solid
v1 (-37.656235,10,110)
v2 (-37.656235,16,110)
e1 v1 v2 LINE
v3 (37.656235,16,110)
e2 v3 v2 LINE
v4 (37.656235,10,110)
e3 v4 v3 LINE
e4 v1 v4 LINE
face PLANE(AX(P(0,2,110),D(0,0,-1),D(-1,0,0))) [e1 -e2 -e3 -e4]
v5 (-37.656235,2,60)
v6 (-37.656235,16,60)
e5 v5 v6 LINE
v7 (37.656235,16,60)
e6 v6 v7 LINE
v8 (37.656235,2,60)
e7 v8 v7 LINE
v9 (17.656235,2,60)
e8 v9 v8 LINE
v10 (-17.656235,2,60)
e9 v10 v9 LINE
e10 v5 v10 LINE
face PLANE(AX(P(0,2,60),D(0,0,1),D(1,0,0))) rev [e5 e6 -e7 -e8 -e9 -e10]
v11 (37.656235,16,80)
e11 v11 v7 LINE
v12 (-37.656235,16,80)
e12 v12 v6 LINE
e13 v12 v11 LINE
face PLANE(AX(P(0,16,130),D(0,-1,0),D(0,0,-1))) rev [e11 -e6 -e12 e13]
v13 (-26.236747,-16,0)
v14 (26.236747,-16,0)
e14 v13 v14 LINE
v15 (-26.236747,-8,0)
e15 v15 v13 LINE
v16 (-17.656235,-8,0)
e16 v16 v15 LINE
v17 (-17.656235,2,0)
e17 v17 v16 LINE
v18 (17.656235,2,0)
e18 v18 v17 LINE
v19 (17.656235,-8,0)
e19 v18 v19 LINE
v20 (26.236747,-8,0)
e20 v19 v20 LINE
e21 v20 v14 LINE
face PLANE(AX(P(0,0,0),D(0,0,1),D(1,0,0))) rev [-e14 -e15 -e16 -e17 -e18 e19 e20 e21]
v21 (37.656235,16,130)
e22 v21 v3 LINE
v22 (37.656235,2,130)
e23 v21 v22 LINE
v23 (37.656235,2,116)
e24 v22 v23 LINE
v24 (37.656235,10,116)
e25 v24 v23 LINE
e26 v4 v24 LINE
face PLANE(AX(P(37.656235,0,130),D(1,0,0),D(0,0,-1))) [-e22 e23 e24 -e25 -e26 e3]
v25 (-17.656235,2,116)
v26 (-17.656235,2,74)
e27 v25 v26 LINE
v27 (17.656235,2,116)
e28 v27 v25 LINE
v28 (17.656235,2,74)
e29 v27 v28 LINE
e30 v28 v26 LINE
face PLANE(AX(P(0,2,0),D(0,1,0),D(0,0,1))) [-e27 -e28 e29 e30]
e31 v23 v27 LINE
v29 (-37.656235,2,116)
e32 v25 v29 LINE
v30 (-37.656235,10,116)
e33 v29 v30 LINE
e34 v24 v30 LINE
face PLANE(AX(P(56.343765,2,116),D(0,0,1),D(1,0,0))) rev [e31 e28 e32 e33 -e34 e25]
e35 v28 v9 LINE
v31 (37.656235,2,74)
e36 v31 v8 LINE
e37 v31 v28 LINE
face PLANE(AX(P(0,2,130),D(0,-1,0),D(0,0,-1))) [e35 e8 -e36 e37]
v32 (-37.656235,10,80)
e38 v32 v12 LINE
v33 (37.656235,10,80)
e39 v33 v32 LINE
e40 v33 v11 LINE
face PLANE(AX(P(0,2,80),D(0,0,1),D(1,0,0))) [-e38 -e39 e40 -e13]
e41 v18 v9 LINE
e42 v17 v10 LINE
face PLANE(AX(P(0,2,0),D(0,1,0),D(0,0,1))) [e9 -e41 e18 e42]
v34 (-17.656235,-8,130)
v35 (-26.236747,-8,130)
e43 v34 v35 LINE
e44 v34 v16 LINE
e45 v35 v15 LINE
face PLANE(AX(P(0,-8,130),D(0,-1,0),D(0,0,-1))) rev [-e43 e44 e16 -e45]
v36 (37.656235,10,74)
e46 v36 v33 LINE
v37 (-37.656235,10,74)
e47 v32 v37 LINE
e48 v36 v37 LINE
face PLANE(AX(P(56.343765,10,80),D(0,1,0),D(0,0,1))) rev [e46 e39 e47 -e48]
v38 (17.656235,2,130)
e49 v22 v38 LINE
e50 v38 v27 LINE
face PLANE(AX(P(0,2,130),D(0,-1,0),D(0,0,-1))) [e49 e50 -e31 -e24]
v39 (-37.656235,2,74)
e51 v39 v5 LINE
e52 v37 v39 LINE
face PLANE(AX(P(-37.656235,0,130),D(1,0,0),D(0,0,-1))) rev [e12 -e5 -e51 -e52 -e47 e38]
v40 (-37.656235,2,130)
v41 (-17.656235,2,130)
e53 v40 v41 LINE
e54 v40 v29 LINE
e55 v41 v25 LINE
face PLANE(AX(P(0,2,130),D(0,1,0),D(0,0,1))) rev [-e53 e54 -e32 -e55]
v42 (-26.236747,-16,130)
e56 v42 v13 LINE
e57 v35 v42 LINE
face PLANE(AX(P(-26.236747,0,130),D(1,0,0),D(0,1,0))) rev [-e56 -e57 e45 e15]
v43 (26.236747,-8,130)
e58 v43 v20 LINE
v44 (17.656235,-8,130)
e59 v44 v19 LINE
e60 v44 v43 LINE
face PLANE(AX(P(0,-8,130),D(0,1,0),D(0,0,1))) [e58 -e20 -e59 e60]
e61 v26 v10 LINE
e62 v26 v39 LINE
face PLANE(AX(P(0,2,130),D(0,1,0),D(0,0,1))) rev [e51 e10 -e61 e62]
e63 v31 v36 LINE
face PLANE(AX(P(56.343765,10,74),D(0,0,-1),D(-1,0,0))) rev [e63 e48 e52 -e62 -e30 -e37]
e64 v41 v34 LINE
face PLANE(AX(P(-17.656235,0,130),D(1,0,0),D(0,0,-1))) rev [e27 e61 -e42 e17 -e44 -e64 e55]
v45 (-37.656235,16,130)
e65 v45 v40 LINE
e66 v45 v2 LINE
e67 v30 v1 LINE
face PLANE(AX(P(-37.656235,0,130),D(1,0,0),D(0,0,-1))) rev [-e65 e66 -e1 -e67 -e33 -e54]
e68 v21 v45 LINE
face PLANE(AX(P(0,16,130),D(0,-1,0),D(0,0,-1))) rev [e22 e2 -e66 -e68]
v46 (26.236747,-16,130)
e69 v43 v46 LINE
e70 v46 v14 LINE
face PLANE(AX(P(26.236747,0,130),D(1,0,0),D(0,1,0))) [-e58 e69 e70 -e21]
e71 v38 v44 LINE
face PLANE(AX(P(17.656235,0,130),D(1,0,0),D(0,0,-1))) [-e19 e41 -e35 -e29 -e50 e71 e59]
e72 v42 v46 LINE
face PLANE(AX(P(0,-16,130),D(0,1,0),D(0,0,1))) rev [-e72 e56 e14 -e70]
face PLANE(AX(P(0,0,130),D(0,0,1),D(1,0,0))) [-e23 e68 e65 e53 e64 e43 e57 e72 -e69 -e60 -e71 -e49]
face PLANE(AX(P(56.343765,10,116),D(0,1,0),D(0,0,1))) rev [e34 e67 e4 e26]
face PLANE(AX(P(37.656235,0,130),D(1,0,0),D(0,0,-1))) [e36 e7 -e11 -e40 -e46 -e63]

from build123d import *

# Parameters (mm, degrees)
BOSS_EXTRUDE1_DEPTH = 130
SKETCH3_W           = 75.312470342
SKETCH3_H           = 30
CUT_EXTRUDE1_DEPTH  = 14
SKETCH4_W           = 75.312470342
SKETCH4_H           = 60
CUT_EXTRUDE2_DEPTH  = 14
SKETCH5_W           = 6
SKETCH5_H           = 8
CUT_EXTRUDE3_DEPTH  = 94
SKETCH6_W           = 6
SKETCH6_H           = 8
CUT_EXTRUDE4_DEPTH  = 94


with BuildPart() as part:
    # Sketch1 → Boss-Extrude1 (new body)
    with BuildSketch(Plane.XY):
        Polygon((37.656235171, 2), (37.656235171, 16), (-37.656235171, 16), (-37.656235171, 2), (-17.656235171, 2), (-17.656235171, -8), (-26.236747462, -8), (-26.236747462, -16), (0, -16), (26.236747462, -16), (26.236747462, -8), (17.656235171, -8), (17.656235171, 2), align=None)
    extrude(amount=BOSS_EXTRUDE1_DEPTH)

    # Sketch3 → Cut-Extrude1 (cut)
    with BuildSketch(Plane(origin=(0, 16, 0), x_dir=(1, 0, 0), z_dir=(0, 1, 0))):
        with Locations((0, -95)):
            Rectangle(SKETCH3_W, SKETCH3_H)
    extrude(amount=-CUT_EXTRUDE1_DEPTH, mode=Mode.SUBTRACT)

    # Sketch4 → Cut-Extrude2 (cut)
    with BuildSketch(Plane(origin=(0, 16, 0), x_dir=(1, 0, 0), z_dir=(0, 1, 0))):
        with Locations((0, -30)):
            Rectangle(SKETCH4_W, SKETCH4_H)
    extrude(amount=-CUT_EXTRUDE2_DEPTH, mode=Mode.SUBTRACT)

    # Sketch5 → Cut-Extrude3 (cut)
    with BuildSketch(Plane.ZY.offset(37.656235171)):
        with Locations((77, 6)):
            Rectangle(SKETCH5_W, SKETCH5_H)
    extrude(amount=-CUT_EXTRUDE3_DEPTH, mode=Mode.SUBTRACT)

    # Sketch6 → Cut-Extrude4 (cut)
    with BuildSketch(Plane.ZY.offset(37.656235171)):
        with Locations((113, 6)):
            Rectangle(SKETCH6_W, SKETCH6_H)
    extrude(amount=-CUT_EXTRUDE4_DEPTH, mode=Mode.SUBTRACT)


solid = part.part
